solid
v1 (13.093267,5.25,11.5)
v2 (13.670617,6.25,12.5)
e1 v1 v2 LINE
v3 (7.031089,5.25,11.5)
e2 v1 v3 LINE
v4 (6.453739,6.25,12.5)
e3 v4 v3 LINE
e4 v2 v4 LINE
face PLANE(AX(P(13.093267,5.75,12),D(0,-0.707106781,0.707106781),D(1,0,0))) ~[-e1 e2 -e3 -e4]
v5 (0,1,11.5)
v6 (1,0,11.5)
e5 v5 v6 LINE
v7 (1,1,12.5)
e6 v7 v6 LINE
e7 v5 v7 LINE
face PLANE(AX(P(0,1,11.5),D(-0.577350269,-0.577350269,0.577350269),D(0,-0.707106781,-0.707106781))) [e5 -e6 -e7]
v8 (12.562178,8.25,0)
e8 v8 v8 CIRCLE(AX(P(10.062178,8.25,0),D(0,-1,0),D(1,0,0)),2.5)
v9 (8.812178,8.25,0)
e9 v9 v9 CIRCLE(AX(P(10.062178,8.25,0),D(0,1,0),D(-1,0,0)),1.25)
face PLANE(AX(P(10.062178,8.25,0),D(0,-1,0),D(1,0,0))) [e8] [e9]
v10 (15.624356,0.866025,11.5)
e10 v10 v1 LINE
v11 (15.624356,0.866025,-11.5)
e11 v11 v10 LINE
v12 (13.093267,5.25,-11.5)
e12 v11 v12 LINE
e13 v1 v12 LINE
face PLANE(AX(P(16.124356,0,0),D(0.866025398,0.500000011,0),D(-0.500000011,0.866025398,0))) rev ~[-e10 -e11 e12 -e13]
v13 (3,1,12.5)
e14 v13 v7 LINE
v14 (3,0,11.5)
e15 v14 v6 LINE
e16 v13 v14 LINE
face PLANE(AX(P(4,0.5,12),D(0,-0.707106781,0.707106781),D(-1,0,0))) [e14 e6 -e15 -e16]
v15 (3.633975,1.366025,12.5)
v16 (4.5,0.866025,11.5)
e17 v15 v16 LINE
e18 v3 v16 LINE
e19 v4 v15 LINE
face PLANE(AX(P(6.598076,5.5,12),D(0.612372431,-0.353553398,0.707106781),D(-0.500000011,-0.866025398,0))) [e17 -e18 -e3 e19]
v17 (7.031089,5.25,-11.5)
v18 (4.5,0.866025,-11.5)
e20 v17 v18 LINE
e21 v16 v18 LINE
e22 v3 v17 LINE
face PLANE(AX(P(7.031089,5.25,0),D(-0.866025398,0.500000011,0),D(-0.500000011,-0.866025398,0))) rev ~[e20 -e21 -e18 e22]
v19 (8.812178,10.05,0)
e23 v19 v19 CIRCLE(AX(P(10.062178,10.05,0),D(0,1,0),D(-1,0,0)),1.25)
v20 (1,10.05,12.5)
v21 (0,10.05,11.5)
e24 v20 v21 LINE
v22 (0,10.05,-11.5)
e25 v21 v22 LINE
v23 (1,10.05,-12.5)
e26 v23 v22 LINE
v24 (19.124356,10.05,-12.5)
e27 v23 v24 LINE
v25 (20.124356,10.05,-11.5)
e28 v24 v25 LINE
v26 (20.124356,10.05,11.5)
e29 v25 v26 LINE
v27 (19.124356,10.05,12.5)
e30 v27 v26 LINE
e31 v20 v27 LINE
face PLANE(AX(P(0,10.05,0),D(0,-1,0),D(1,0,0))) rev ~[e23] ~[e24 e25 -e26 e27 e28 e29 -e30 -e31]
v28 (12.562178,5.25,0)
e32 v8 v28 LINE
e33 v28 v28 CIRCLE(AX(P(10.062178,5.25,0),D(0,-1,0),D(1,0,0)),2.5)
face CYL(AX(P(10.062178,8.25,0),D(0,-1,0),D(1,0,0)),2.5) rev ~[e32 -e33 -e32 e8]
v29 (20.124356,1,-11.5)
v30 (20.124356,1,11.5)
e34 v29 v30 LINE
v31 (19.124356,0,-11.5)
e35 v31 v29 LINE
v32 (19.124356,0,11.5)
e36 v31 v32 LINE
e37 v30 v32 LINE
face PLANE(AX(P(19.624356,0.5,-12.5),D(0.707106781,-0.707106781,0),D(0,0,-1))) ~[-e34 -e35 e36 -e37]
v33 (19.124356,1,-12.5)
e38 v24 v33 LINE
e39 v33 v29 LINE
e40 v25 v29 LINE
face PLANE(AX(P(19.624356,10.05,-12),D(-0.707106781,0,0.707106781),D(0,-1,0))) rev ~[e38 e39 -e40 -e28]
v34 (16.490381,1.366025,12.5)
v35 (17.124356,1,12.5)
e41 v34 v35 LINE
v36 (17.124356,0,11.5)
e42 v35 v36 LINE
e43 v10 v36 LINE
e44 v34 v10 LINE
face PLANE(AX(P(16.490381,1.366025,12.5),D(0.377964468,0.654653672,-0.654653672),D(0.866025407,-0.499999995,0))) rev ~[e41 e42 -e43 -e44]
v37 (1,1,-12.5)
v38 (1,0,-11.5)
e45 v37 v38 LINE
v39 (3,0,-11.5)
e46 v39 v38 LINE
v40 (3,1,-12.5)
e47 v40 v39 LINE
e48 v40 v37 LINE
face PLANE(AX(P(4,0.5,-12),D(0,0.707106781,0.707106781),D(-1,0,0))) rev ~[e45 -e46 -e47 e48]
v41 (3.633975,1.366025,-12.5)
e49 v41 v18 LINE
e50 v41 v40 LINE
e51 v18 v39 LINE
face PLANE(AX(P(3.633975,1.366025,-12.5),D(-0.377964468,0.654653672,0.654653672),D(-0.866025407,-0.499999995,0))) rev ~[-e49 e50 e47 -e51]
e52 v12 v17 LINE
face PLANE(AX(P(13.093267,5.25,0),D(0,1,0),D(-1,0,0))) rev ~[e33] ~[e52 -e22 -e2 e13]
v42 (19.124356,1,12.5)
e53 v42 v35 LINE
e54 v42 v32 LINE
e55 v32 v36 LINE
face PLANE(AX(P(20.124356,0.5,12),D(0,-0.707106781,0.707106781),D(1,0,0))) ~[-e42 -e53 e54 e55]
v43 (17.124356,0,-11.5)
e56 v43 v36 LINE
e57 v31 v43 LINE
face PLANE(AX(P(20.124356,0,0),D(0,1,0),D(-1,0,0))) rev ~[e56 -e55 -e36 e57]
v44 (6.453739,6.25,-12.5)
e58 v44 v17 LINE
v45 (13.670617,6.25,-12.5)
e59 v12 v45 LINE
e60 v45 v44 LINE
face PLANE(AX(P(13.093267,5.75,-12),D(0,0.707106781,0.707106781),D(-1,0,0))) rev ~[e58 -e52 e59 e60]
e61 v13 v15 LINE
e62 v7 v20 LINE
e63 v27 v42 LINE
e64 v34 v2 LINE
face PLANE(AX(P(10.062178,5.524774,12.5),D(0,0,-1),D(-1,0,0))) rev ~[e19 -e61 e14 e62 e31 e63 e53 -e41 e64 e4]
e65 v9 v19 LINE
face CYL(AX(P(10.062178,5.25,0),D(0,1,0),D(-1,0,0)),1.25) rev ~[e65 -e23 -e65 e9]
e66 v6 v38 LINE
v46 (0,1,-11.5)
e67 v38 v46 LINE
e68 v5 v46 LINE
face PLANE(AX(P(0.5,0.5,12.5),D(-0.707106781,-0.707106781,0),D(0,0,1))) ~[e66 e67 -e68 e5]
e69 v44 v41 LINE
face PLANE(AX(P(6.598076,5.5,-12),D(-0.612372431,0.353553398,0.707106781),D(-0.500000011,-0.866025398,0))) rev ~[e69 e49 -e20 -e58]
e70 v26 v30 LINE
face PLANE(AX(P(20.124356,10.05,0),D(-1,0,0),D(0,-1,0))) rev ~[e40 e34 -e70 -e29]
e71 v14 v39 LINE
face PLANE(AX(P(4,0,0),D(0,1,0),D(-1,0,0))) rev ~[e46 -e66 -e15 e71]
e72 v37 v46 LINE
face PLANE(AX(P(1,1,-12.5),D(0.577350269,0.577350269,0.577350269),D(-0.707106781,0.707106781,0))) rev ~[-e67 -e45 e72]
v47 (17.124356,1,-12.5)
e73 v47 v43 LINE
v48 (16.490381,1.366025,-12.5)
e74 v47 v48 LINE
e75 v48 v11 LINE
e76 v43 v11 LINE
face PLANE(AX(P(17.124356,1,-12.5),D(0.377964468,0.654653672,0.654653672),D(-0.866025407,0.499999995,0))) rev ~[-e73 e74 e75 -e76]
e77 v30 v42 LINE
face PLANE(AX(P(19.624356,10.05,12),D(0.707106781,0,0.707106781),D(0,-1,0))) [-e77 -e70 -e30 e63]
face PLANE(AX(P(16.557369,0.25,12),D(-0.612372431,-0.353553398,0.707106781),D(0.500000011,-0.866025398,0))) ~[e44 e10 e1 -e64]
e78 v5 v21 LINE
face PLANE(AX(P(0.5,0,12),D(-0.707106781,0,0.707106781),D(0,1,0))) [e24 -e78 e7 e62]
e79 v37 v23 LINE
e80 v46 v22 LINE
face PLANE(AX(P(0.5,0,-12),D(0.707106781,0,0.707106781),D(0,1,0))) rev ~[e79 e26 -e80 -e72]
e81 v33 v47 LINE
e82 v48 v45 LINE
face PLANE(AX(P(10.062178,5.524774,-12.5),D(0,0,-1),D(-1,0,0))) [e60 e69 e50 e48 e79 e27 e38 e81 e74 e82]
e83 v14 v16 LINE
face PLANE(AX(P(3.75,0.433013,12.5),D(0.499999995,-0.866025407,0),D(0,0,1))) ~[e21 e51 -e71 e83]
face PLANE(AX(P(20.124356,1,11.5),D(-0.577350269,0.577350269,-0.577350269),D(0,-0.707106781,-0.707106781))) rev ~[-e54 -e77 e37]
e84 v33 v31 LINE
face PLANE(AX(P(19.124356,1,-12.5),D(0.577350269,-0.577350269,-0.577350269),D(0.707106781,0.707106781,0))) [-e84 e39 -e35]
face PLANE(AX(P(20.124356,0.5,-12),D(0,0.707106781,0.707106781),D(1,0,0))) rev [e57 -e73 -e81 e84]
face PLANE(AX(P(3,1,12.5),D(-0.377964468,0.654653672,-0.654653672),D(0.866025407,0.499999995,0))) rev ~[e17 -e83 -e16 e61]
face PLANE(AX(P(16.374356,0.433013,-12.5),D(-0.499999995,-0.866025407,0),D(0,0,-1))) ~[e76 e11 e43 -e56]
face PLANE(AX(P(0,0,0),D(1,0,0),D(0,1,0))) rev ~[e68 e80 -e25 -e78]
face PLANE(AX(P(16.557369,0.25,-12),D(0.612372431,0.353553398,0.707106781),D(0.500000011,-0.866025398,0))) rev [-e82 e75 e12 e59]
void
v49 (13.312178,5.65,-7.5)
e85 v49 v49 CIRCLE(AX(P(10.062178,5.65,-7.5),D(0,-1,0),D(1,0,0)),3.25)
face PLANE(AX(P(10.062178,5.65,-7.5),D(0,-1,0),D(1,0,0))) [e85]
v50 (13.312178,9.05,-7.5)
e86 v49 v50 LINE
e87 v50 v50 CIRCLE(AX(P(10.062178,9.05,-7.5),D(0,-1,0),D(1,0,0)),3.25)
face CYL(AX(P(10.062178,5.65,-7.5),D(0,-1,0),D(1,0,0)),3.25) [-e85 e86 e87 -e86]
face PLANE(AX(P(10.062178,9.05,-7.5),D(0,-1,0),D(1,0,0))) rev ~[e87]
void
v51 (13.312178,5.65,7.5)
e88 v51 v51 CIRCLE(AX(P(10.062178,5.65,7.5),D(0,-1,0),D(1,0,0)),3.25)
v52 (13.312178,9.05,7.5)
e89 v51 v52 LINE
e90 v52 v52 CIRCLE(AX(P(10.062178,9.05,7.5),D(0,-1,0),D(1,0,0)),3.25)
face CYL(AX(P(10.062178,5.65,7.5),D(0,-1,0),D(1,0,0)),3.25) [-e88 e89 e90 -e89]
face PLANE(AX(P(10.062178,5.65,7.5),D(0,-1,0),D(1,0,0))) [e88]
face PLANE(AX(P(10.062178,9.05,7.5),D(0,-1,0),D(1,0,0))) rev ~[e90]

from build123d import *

# Parameters (mm, degrees)
PAD_DEPTH        = 12.5
HOLE_D           = 2.5
HOLE_DEPTH       = 25
HOLE_CBORE_D     = 5
HOLE_CBORE_DEPTH = 3
SKETCH002_R      = 3.25
HOLE001_DEPTH    = 3.4
CHAMFER_SIZE     = 1


with BuildPart() as part:
    # Sketch → Pad (new body, symmetric)
    with BuildSketch(Plane.XY):
        Polygon((16.124356, 0), (13.093267, 5.25), (7.031089, 5.25), (4, 0), (0, 0), (0, 10.05), (20.124356, 10.05), (20.124356, 0), align=None)
    extrude(amount=PAD_DEPTH, both=True)

    # Hole
    with Locations(Plane.XZ.offset(-5.25)):
        with Locations((10.062178, 0)):
            CounterBoreHole(HOLE_D / 2, HOLE_CBORE_D / 2, HOLE_CBORE_DEPTH, depth=HOLE_DEPTH)

    # Sketch002 (on Face3 of Hole) → Hole001 (cut)
    with BuildSketch(Plane.XZ.offset(-5.65)):
        with Locations((10.062178, 7.5)):
            Circle(SKETCH002_R)
        with Locations((10.062178, -7.5)):
            Circle(SKETCH002_R)
    extrude(amount=-HOLE001_DEPTH, mode=Mode.SUBTRACT)

    # Chamfer
    chamfer_edges = [part.edges().sort_by_distance(p)[0] for p in [
        (2, 0, 12.5),
        (5.515544, 2.625, 12.5),
        (10.062178, 5.25, 12.5),
        (14.608811, 2.625, 12.5),
        (18.124356, 0, 12.5),
        (20.124356, 5.025, 12.5),
        (0, 5.025, 12.5),
        (4, 0, 0),
        (0, 0, 0),
        (20.124356, 0, 0),
        (16.124356, 0, 0),
        (18.124356, 0, -12.5),
        (20.124356, 5.025, -12.5),
        (14.608811, 2.625, -12.5),
        (10.062178, 5.25, -12.5),
        (5.515544, 2.625, -12.5),
        (2, 0, -12.5),
        (0, 5.025, -12.5),
    ]]
    chamfer(chamfer_edges, length=CHAMFER_SIZE)


solid = part.part
